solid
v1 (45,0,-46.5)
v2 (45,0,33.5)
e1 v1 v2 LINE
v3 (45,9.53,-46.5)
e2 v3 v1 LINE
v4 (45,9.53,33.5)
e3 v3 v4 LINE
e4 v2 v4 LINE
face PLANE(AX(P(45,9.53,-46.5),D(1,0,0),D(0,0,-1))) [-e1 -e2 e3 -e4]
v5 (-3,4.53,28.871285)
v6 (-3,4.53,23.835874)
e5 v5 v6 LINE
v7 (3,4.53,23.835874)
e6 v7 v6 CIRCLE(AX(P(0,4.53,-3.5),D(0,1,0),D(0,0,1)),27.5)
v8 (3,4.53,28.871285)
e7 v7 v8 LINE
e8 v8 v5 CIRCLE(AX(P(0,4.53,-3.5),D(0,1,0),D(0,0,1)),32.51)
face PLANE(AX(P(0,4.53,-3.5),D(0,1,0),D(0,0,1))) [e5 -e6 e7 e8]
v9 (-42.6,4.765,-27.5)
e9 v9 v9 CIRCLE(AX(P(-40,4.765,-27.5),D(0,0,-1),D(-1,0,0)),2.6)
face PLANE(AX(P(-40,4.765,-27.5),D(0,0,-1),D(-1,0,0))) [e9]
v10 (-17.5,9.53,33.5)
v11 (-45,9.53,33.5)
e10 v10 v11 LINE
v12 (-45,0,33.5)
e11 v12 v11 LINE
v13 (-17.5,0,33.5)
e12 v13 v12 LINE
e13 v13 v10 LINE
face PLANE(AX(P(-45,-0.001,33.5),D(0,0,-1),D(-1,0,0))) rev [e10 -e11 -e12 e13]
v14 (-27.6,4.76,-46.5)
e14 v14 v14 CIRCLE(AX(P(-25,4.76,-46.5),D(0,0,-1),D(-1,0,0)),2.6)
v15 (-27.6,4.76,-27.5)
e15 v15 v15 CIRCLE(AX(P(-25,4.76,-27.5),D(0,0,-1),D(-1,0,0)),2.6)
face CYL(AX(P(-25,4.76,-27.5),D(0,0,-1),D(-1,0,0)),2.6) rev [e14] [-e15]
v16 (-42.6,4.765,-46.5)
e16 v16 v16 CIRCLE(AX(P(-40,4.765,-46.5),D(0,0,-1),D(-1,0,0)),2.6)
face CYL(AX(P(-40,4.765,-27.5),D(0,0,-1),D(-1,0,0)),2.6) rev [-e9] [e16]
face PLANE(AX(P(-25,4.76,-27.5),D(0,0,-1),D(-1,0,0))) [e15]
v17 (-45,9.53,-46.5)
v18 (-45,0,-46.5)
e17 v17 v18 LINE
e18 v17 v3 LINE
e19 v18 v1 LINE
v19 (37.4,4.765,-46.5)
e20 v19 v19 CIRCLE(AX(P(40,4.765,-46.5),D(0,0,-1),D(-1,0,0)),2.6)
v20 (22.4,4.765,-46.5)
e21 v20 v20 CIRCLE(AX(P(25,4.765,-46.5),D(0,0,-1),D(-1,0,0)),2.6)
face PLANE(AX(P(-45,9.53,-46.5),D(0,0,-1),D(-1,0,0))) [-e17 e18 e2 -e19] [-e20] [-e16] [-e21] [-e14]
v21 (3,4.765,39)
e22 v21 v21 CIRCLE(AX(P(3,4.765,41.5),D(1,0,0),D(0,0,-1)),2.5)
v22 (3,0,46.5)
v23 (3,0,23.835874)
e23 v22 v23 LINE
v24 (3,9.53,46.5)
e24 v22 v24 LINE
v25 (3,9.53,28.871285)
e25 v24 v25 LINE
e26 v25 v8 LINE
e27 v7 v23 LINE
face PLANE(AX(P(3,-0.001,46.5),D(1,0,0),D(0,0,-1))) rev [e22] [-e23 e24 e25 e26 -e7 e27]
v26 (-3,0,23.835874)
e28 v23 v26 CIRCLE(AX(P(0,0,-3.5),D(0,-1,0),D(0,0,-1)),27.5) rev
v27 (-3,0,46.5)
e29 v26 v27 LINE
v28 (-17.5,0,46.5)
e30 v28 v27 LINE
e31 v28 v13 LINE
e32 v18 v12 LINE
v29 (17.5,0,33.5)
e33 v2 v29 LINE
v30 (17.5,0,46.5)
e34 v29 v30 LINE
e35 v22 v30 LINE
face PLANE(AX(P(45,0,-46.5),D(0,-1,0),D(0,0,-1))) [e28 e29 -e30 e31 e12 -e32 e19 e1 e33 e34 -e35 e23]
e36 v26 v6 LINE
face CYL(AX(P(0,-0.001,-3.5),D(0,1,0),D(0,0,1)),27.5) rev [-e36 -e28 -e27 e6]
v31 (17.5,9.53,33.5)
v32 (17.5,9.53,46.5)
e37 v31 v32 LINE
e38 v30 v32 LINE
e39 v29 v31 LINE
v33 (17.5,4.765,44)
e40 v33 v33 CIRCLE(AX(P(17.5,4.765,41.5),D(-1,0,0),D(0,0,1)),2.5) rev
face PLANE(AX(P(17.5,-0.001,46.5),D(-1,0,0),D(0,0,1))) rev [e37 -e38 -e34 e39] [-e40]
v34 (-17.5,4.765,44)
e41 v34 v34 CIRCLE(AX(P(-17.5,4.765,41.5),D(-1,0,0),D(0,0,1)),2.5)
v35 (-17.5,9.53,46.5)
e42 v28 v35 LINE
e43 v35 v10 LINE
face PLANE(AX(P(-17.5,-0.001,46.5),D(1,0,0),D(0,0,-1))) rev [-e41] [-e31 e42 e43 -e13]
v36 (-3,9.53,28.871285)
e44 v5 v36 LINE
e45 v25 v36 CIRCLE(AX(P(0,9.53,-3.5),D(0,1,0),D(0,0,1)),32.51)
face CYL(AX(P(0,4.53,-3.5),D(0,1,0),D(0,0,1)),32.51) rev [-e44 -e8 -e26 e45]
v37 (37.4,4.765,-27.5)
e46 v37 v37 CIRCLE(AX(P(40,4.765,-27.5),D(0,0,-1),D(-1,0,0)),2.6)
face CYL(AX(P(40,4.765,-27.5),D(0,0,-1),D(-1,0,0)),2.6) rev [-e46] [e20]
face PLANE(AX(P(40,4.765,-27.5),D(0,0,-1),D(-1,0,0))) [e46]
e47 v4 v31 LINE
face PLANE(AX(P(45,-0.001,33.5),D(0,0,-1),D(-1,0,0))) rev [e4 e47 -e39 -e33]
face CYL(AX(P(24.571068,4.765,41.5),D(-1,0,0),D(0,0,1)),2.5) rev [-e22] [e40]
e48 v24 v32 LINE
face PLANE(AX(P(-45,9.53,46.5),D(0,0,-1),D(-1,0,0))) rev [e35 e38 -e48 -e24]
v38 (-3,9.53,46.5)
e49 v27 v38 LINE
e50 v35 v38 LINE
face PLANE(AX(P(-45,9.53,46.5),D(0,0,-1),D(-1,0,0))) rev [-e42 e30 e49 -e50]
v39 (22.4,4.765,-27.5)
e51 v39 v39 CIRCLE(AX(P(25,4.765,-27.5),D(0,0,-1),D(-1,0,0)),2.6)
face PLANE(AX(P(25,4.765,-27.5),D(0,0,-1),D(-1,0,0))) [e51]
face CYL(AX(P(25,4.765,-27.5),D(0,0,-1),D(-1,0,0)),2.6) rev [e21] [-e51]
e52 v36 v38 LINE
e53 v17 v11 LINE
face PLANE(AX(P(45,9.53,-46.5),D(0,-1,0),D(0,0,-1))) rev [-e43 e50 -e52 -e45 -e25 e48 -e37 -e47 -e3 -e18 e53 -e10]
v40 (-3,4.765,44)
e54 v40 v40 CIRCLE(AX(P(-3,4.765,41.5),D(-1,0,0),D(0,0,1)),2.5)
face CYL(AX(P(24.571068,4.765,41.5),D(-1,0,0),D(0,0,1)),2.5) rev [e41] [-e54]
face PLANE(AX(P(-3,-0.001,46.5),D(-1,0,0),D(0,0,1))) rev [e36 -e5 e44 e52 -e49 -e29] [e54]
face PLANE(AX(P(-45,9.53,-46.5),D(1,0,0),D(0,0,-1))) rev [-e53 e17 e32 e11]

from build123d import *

# Parameters (mm, degrees)
ESBO_O1_W                = 90
ESBO_O1_H                = 93
RESSALTO_EXTRUS_O1_DEPTH = 9.53
ESBO_O3_R                = 32.51
CORTE_EXTRUS_O2_DEPTH    = 5
ESBO_O2_R                = 2.6
CORTE_EXTRUS_O1_DEPTH    = 19
CORTE_EXTRUS_O3_REACH    = 66.902
ESBO_O4_R                = 27.5
CORTE_EXTRUS_O4_REACH    = 67.407
ESBO_O5_W                = 27.5
ESBO_O5_H                = 13
CORTE_EXTRUS_O5_REACH    = 67.407
ESBO_O6_W                = 6
ESBO_O6_H                = 26.167415493
CORTE_EXTRUS_O6_REACH    = 80.481
ESBO_O7_R                = 2.5


with BuildPart() as part:
    # Esboço1 → Ressalto-extrusão1 (new body)
    with BuildSketch(Plane(origin=(0, 0, 0), x_dir=(1, 0, 0), z_dir=(0, 1, 0))):
        Rectangle(ESBO_O1_W, ESBO_O1_H)
    extrude(amount=RESSALTO_EXTRUS_O1_DEPTH)

    # Esboço3 → Corte-extrusão2 (cut)
    with BuildSketch(Plane(origin=(0, 9.53, 0), x_dir=(1, 0, 0), z_dir=(0, 1, 0))):
        with Locations(Location((0, 3.5, 0), (0, 0, 270))):
            Circle(ESBO_O3_R)
    extrude(amount=-CORTE_EXTRUS_O2_DEPTH, mode=Mode.SUBTRACT)

    # Esboço2 → Corte-extrusão1 (cut)
    with BuildSketch(Plane(origin=(0, 0, -46.5), x_dir=(-1, 0, 0), z_dir=(0, 0, -1))):
        with Locations((-40, 4.765)):
            Circle(ESBO_O2_R)
        with Locations((-25, 4.765)):
            Circle(ESBO_O2_R)
        with Locations((25, 4.76)):
            Circle(ESBO_O2_R)
        with Locations((40, 4.765)):
            Circle(ESBO_O2_R)
    extrude(amount=-CORTE_EXTRUS_O1_DEPTH, mode=Mode.SUBTRACT)

    # Esboço4 → Corte-extrusão3 (cut, up to next)
    with BuildSketch(Plane(origin=(0, 4.53, 0), x_dir=(1, 0, 0), z_dir=(0, 1, 0)), mode=Mode.PRIVATE) as corte_extrus_o3_sk1:
        with Locations(Location((0, 3.5, 0), (0, 0, 270))):
            Circle(ESBO_O4_R)
    corte_extrus_o3_tool1 = extrude(corte_extrus_o3_sk1.sketch, amount=-CORTE_EXTRUS_O3_REACH, mode=Mode.PRIVATE) & part.part
    add(corte_extrus_o3_tool1.solids().sort_by_distance((0, 4.53, -3.5))[0], mode=Mode.SUBTRACT)

    # Esboço5 → Corte-extrusão4 (cut, up to next)
    with BuildSketch(Plane(origin=(0, 9.53, 0), x_dir=(1, 0, 0), z_dir=(0, 1, 0)), mode=Mode.PRIVATE) as corte_extrus_o4_sk1:
        with Locations((31.25, -40)):
            Rectangle(ESBO_O5_W, ESBO_O5_H)
    corte_extrus_o4_tool1 = extrude(corte_extrus_o4_sk1.sketch, amount=-CORTE_EXTRUS_O4_REACH, mode=Mode.PRIVATE) & part.part
    # Esboço5 → Corte-extrusão4 (cut, up to next)
    with BuildSketch(Plane(origin=(0, 9.53, 0), x_dir=(1, 0, 0), z_dir=(0, 1, 0)), mode=Mode.PRIVATE) as corte_extrus_o4_sk2:
        with Locations((-31.25, -40)):
            Rectangle(ESBO_O5_W, ESBO_O5_H)
    corte_extrus_o4_tool2 = extrude(corte_extrus_o4_sk2.sketch, amount=-CORTE_EXTRUS_O4_REACH, mode=Mode.PRIVATE) & part.part
    add(corte_extrus_o4_tool1.solids().sort_by_distance((31.25, 9.53, 40))[0], mode=Mode.SUBTRACT)
    add(corte_extrus_o4_tool2.solids().sort_by_distance((-31.25, 9.53, 40))[0], mode=Mode.SUBTRACT)

    # Esboço6 → Corte-extrusão5 (cut, up to next)
    with BuildSketch(Plane(origin=(0, 9.53, 0), x_dir=(1, 0, 0), z_dir=(0, 1, 0)), mode=Mode.PRIVATE) as corte_extrus_o5_sk1:
        with Locations((0, -33.416292254)):
            Rectangle(ESBO_O6_W, ESBO_O6_H)
    corte_extrus_o5_tool1 = extrude(corte_extrus_o5_sk1.sketch, amount=-CORTE_EXTRUS_O5_REACH, mode=Mode.PRIVATE) & part.part
    add(corte_extrus_o5_tool1.solids().sort_by_distance((0, 9.53, 33.416292))[0], mode=Mode.SUBTRACT)

    # Corte-extrusão6: up to this face of the body (flat: up to its plane)
    corte_extrus_o6_end = Plane(part.part.faces().sort_by_distance((17.5, 4.765, 40))[0])
    # Esboço7 → Corte-extrusão6 (cut, up to the picked face)
    with BuildSketch(Plane.ZY.offset(17.5), mode=Mode.PRIVATE) as corte_extrus_o6_sk1:
        with Locations((41.5, 4.765)):
            Circle(ESBO_O7_R)
    corte_extrus_o6_tool1 = split(extrude(corte_extrus_o6_sk1.sketch, amount=-CORTE_EXTRUS_O6_REACH, mode=Mode.PRIVATE), bisect_by=corte_extrus_o6_end, keep=Keep.BOTH, mode=Mode.PRIVATE)
    add(corte_extrus_o6_tool1.solids().sort_by(Axis((-17.5, 4.765, 41.5), (1, 0, 0)))[0], mode=Mode.SUBTRACT)


solid = part.part
